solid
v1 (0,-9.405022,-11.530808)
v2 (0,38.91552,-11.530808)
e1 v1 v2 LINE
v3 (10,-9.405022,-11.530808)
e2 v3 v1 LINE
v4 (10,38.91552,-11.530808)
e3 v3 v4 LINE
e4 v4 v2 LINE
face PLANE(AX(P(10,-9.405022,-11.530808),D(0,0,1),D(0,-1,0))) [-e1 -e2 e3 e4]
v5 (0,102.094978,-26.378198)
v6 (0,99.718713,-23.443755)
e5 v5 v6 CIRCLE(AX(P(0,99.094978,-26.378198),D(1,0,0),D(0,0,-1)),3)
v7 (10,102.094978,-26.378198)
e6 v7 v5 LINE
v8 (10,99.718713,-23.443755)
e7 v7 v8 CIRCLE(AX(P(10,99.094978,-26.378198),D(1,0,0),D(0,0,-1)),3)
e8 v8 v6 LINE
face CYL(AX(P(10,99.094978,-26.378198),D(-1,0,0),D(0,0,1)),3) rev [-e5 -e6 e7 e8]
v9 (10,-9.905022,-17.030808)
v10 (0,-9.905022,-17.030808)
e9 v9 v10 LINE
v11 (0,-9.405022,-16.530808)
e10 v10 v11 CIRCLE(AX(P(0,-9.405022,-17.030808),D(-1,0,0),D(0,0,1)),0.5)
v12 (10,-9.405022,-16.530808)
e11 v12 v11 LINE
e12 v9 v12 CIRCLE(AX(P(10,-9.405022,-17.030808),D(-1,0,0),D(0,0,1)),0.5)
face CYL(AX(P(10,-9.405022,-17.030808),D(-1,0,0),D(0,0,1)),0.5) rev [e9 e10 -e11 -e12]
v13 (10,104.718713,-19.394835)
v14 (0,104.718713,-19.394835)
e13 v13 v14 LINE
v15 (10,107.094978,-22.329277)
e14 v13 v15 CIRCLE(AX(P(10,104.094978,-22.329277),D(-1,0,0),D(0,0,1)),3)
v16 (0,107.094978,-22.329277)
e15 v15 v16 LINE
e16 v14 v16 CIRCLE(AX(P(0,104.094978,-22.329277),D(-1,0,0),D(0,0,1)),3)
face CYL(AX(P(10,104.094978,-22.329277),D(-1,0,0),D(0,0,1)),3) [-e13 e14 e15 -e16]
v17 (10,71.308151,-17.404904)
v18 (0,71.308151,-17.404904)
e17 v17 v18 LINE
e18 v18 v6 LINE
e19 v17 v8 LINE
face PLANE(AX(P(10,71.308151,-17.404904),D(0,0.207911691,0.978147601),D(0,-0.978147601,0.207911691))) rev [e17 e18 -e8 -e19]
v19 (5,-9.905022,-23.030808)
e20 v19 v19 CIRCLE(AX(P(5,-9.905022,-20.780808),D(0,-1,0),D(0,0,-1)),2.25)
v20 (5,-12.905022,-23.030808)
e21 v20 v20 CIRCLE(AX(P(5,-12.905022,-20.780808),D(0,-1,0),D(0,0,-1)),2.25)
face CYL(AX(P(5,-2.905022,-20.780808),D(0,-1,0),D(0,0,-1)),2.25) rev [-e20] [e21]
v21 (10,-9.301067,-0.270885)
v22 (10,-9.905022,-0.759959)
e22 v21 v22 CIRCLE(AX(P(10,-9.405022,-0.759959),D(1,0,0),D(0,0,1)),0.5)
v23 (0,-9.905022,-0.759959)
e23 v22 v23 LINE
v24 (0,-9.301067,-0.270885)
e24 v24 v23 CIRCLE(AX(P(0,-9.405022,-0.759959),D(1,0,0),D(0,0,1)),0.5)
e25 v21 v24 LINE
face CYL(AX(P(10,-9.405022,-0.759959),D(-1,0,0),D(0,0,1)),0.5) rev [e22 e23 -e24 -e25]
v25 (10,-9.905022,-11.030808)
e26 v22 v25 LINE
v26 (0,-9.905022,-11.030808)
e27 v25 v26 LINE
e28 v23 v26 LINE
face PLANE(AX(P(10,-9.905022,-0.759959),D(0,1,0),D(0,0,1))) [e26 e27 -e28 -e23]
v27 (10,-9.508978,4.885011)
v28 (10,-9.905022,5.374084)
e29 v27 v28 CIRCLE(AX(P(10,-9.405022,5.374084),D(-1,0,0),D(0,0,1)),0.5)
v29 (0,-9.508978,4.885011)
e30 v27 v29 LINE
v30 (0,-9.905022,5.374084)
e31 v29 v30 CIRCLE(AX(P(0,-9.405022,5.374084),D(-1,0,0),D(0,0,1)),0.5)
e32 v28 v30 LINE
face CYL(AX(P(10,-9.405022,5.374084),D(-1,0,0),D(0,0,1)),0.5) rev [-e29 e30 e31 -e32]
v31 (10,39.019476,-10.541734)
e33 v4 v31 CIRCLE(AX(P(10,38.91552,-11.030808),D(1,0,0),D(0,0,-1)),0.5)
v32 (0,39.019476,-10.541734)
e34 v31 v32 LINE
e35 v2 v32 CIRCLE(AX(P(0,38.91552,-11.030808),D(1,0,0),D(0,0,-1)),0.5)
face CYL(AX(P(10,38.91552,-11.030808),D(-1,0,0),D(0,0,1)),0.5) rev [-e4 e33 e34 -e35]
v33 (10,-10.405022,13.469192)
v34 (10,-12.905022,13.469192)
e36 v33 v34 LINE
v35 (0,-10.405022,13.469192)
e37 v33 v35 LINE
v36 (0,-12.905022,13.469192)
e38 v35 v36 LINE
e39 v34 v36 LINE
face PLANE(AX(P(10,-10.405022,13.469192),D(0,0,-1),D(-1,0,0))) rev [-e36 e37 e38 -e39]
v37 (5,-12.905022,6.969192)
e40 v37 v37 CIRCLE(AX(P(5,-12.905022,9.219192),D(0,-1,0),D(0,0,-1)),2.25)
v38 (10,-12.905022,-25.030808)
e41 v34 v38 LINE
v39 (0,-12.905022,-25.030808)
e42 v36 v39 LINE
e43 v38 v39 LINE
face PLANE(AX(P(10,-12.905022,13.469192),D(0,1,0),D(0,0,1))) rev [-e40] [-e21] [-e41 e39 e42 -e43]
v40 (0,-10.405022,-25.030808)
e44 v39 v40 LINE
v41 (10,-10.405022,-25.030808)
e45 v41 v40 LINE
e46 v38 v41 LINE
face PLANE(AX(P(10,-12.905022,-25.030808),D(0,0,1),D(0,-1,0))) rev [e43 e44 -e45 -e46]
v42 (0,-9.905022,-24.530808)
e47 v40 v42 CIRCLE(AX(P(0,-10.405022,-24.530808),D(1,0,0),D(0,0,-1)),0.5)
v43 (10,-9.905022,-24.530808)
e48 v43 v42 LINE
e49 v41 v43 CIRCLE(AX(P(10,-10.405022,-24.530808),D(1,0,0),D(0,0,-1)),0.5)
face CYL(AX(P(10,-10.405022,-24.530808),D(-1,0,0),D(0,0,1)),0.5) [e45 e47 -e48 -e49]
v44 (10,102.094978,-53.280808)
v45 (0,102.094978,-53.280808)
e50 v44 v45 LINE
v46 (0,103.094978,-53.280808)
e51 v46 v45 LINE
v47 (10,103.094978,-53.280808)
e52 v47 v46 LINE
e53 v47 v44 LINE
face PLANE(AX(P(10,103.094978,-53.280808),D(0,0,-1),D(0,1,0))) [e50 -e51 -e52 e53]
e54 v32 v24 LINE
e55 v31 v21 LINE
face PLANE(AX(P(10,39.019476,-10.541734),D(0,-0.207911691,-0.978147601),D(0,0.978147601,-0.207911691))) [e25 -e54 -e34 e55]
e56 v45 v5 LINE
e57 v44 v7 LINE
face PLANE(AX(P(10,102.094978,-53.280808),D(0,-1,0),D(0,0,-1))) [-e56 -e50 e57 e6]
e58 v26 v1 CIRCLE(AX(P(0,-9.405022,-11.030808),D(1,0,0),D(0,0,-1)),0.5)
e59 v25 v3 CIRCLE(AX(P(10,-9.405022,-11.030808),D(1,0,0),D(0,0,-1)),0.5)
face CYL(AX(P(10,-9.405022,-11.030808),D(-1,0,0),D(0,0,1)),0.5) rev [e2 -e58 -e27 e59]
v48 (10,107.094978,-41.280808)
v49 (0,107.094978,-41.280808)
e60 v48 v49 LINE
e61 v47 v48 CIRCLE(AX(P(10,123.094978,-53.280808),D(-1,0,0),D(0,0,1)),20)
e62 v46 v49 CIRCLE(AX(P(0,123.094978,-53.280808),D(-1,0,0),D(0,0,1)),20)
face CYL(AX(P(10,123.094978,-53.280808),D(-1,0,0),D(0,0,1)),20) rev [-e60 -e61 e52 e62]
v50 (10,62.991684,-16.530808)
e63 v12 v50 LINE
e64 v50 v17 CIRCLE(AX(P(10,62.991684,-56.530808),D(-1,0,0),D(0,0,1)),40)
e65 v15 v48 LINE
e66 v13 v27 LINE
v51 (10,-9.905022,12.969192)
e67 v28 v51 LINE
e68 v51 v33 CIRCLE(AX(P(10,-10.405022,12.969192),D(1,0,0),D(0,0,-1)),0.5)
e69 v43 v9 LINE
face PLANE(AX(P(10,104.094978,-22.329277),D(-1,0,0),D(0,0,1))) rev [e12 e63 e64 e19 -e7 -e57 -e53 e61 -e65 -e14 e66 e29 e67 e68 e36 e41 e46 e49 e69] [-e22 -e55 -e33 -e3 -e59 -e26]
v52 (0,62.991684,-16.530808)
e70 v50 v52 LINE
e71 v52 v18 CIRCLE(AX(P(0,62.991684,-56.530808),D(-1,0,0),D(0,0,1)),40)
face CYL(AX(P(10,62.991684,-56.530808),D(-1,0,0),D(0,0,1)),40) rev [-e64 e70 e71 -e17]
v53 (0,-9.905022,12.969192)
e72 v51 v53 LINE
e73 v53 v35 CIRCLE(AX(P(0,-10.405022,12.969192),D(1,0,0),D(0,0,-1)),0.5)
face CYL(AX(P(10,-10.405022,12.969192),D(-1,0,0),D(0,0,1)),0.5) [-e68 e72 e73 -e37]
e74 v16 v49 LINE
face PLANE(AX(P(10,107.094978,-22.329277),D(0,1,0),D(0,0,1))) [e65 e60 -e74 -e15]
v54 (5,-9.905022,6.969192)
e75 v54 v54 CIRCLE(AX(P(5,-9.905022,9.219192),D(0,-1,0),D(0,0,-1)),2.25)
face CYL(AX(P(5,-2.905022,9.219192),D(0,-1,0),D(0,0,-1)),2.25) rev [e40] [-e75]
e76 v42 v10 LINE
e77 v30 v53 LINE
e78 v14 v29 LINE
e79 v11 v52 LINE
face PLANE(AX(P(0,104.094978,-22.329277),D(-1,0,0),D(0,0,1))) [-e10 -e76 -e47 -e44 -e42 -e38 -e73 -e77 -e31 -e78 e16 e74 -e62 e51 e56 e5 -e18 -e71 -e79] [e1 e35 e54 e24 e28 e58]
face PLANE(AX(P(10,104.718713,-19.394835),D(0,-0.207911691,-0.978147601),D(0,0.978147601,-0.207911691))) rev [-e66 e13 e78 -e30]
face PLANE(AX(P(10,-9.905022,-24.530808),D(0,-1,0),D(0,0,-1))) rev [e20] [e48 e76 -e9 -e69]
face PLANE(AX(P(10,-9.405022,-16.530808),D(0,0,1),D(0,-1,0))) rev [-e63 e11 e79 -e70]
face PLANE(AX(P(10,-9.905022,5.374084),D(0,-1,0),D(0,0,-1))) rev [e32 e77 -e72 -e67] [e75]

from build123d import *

# Parameters (mm, degrees)
BOSS_EXTRUDE1_DEPTH = 10
SKETCH1_5_OUTSIDE_W = 96.286
SKETCH1_5_OUTSIDE_H = 149.536
CUT_EXTRUDE2_DEPTH  = 10
SKETCH5_R           = 2.25
CUT_EXTRUDE3_DEPTH  = 10


with BuildPart() as part:
    # Sketch1 → Boss-Extrude1 (new body)
    with BuildSketch(Plane(origin=(0, 0, 0), x_dir=(0, 0, -1), z_dir=(1, 0, 0))):
        with BuildLine():
            Line((19.39483456, 104.718712665), (-4.885010669, -9.508978253))
            ThreePointArc((-4.885010669, -9.508978253), (-5.059424274, -9.793595388), (-5.374084469, -9.905022408))
            Line((-5.374084469, -9.905022408), (-12.969192453, -9.905022408))
            ThreePointArc((-12.969192453, -9.905022408), (-13.322745843, -10.051469017), (-13.469192453, -10.405022408))
            Line((-13.469192453, -10.405022408), (-13.469192453, -12.905022408))
            Line((-13.469192453, -12.905022408), (25.030807547, -12.905022408))
            Line((25.030807547, -12.905022408), (25.030807547, -10.405022408))
            ThreePointArc((25.030807547, -10.405022408), (24.884360938, -10.051469017), (24.530807547, -9.905022408))
            Line((24.530807547, -9.905022408), (17.030807547, -9.905022408))
            ThreePointArc((17.030807547, -9.905022408), (16.677254157, -9.758575798), (16.530807547, -9.405022408))
            Line((16.530807547, -9.405022408), (16.530807547, 62.991683812))
            ThreePointArc((16.530807547, 62.991683812), (16.749931733, 67.172822342), (17.404903518, 71.308151444))
            Line((17.404903518, 71.308151444), (23.443754726, 99.718712665))
            ThreePointArc((23.443754726, 99.718712665), (24.490236355, 101.426415477), (26.378197528, 102.094977592))
            Line((26.378197528, 102.094977592), (53.280807547, 102.094977592))
            Line((53.280807547, 102.094977592), (53.280807547, 103.094977592))
            ThreePointArc((53.280807547, 103.094977592), (46.956252227, 104.121311631), (41.280807547, 107.094977592))
            Line((41.280807547, 107.094977592), (22.329277362, 107.094977592))
            ThreePointArc((22.329277362, 107.094977592), (20.441316189, 106.426415477), (19.39483456, 104.718712665))
        make_face()
    extrude(amount=BOSS_EXTRUDE1_DEPTH)

    # Sketch1<5> outside → Cut-Extrude2 (cut)
    # profile 1 of 2: a face of its own
    with BuildSketch(Plane(origin=(0, 0, 0), x_dir=(0, 0, -1), z_dir=(1, 0, 0))):
        with Locations((19.906, 47.095)):
            Rectangle(SKETCH1_5_OUTSIDE_W, SKETCH1_5_OUTSIDE_H)
        with BuildLine():
            Line((19.39483456, 104.718712665), (-4.885010669, -9.508978253))
            ThreePointArc((-4.885010669, -9.508978253), (-5.059424274, -9.793595388), (-5.374084469, -9.905022408))
            Line((-5.374084469, -9.905022408), (-12.969192453, -9.905022408))
            ThreePointArc((-12.969192453, -9.905022408), (-13.322745843, -10.051469017), (-13.469192453, -10.405022408))
            Line((-13.469192453, -10.405022408), (-13.469192453, -12.905022408))
            Line((-13.469192453, -12.905022408), (25.030807547, -12.905022408))
            Line((25.030807547, -12.905022408), (25.030807547, -10.405022408))
            ThreePointArc((25.030807547, -10.405022408), (24.884360938, -10.051469017), (24.530807547, -9.905022408))
            Line((24.530807547, -9.905022408), (17.030807547, -9.905022408))
            ThreePointArc((17.030807547, -9.905022408), (16.677254157, -9.758575798), (16.530807547, -9.405022408))
            Line((16.530807547, -9.405022408), (16.530807547, 62.991683812))
            ThreePointArc((16.530807547, 62.991683812), (16.749931733, 67.172822342), (17.404903518, 71.308151444))
            Line((17.404903518, 71.308151444), (23.443754726, 99.718712665))
            ThreePointArc((23.443754726, 99.718712665), (24.490236355, 101.426415477), (26.378197528, 102.094977592))
            Line((26.378197528, 102.094977592), (53.280807547, 102.094977592))
            Line((53.280807547, 102.094977592), (53.280807547, 103.094977592))
            ThreePointArc((53.280807547, 103.094977592), (46.956252227, 104.121311631), (41.280807547, 107.094977592))
            Line((41.280807547, 107.094977592), (22.329277362, 107.094977592))
            ThreePointArc((22.329277362, 107.094977592), (20.441316189, 106.426415477), (19.39483456, 104.718712665))
        make_face(mode=Mode.SUBTRACT)
    # profile 2 of 2: a face of its own
    with BuildSketch(Plane(origin=(0, 0, 0), x_dir=(0, 0, -1), z_dir=(1, 0, 0))):
        with BuildLine():
            Line((0.7599591, -9.905022408), (11.030807547, -9.905022408))
            ThreePointArc((11.030807547, -9.905022408), (11.384360938, -9.758575798), (11.530807547, -9.405022408))
            Line((11.530807547, -9.405022408), (11.530807547, 38.915520448))
            ThreePointArc((11.530807547, 38.915520448), (11.083071779, 39.412781396), (10.541733747, 39.019476293))
            Line((10.541733747, 39.019476293), (0.2708853, -9.301066562))
            ThreePointArc((0.2708853, -9.301066562), (0.371386119, -9.719682603), (0.7599591, -9.905022408))
        make_face()
    extrude(amount=CUT_EXTRUDE2_DEPTH, mode=Mode.SUBTRACT)

    # Sketch5 → Cut-Extrude3 (cut)
    with BuildSketch(Plane.XZ.offset(12.905022408)):
        with Locations((5, 9.219192453)):
            Circle(SKETCH5_R)
        with Locations((5, -20.780807547)):
            Circle(SKETCH5_R)
    extrude(amount=-CUT_EXTRUDE3_DEPTH, mode=Mode.SUBTRACT)


solid = part.part
